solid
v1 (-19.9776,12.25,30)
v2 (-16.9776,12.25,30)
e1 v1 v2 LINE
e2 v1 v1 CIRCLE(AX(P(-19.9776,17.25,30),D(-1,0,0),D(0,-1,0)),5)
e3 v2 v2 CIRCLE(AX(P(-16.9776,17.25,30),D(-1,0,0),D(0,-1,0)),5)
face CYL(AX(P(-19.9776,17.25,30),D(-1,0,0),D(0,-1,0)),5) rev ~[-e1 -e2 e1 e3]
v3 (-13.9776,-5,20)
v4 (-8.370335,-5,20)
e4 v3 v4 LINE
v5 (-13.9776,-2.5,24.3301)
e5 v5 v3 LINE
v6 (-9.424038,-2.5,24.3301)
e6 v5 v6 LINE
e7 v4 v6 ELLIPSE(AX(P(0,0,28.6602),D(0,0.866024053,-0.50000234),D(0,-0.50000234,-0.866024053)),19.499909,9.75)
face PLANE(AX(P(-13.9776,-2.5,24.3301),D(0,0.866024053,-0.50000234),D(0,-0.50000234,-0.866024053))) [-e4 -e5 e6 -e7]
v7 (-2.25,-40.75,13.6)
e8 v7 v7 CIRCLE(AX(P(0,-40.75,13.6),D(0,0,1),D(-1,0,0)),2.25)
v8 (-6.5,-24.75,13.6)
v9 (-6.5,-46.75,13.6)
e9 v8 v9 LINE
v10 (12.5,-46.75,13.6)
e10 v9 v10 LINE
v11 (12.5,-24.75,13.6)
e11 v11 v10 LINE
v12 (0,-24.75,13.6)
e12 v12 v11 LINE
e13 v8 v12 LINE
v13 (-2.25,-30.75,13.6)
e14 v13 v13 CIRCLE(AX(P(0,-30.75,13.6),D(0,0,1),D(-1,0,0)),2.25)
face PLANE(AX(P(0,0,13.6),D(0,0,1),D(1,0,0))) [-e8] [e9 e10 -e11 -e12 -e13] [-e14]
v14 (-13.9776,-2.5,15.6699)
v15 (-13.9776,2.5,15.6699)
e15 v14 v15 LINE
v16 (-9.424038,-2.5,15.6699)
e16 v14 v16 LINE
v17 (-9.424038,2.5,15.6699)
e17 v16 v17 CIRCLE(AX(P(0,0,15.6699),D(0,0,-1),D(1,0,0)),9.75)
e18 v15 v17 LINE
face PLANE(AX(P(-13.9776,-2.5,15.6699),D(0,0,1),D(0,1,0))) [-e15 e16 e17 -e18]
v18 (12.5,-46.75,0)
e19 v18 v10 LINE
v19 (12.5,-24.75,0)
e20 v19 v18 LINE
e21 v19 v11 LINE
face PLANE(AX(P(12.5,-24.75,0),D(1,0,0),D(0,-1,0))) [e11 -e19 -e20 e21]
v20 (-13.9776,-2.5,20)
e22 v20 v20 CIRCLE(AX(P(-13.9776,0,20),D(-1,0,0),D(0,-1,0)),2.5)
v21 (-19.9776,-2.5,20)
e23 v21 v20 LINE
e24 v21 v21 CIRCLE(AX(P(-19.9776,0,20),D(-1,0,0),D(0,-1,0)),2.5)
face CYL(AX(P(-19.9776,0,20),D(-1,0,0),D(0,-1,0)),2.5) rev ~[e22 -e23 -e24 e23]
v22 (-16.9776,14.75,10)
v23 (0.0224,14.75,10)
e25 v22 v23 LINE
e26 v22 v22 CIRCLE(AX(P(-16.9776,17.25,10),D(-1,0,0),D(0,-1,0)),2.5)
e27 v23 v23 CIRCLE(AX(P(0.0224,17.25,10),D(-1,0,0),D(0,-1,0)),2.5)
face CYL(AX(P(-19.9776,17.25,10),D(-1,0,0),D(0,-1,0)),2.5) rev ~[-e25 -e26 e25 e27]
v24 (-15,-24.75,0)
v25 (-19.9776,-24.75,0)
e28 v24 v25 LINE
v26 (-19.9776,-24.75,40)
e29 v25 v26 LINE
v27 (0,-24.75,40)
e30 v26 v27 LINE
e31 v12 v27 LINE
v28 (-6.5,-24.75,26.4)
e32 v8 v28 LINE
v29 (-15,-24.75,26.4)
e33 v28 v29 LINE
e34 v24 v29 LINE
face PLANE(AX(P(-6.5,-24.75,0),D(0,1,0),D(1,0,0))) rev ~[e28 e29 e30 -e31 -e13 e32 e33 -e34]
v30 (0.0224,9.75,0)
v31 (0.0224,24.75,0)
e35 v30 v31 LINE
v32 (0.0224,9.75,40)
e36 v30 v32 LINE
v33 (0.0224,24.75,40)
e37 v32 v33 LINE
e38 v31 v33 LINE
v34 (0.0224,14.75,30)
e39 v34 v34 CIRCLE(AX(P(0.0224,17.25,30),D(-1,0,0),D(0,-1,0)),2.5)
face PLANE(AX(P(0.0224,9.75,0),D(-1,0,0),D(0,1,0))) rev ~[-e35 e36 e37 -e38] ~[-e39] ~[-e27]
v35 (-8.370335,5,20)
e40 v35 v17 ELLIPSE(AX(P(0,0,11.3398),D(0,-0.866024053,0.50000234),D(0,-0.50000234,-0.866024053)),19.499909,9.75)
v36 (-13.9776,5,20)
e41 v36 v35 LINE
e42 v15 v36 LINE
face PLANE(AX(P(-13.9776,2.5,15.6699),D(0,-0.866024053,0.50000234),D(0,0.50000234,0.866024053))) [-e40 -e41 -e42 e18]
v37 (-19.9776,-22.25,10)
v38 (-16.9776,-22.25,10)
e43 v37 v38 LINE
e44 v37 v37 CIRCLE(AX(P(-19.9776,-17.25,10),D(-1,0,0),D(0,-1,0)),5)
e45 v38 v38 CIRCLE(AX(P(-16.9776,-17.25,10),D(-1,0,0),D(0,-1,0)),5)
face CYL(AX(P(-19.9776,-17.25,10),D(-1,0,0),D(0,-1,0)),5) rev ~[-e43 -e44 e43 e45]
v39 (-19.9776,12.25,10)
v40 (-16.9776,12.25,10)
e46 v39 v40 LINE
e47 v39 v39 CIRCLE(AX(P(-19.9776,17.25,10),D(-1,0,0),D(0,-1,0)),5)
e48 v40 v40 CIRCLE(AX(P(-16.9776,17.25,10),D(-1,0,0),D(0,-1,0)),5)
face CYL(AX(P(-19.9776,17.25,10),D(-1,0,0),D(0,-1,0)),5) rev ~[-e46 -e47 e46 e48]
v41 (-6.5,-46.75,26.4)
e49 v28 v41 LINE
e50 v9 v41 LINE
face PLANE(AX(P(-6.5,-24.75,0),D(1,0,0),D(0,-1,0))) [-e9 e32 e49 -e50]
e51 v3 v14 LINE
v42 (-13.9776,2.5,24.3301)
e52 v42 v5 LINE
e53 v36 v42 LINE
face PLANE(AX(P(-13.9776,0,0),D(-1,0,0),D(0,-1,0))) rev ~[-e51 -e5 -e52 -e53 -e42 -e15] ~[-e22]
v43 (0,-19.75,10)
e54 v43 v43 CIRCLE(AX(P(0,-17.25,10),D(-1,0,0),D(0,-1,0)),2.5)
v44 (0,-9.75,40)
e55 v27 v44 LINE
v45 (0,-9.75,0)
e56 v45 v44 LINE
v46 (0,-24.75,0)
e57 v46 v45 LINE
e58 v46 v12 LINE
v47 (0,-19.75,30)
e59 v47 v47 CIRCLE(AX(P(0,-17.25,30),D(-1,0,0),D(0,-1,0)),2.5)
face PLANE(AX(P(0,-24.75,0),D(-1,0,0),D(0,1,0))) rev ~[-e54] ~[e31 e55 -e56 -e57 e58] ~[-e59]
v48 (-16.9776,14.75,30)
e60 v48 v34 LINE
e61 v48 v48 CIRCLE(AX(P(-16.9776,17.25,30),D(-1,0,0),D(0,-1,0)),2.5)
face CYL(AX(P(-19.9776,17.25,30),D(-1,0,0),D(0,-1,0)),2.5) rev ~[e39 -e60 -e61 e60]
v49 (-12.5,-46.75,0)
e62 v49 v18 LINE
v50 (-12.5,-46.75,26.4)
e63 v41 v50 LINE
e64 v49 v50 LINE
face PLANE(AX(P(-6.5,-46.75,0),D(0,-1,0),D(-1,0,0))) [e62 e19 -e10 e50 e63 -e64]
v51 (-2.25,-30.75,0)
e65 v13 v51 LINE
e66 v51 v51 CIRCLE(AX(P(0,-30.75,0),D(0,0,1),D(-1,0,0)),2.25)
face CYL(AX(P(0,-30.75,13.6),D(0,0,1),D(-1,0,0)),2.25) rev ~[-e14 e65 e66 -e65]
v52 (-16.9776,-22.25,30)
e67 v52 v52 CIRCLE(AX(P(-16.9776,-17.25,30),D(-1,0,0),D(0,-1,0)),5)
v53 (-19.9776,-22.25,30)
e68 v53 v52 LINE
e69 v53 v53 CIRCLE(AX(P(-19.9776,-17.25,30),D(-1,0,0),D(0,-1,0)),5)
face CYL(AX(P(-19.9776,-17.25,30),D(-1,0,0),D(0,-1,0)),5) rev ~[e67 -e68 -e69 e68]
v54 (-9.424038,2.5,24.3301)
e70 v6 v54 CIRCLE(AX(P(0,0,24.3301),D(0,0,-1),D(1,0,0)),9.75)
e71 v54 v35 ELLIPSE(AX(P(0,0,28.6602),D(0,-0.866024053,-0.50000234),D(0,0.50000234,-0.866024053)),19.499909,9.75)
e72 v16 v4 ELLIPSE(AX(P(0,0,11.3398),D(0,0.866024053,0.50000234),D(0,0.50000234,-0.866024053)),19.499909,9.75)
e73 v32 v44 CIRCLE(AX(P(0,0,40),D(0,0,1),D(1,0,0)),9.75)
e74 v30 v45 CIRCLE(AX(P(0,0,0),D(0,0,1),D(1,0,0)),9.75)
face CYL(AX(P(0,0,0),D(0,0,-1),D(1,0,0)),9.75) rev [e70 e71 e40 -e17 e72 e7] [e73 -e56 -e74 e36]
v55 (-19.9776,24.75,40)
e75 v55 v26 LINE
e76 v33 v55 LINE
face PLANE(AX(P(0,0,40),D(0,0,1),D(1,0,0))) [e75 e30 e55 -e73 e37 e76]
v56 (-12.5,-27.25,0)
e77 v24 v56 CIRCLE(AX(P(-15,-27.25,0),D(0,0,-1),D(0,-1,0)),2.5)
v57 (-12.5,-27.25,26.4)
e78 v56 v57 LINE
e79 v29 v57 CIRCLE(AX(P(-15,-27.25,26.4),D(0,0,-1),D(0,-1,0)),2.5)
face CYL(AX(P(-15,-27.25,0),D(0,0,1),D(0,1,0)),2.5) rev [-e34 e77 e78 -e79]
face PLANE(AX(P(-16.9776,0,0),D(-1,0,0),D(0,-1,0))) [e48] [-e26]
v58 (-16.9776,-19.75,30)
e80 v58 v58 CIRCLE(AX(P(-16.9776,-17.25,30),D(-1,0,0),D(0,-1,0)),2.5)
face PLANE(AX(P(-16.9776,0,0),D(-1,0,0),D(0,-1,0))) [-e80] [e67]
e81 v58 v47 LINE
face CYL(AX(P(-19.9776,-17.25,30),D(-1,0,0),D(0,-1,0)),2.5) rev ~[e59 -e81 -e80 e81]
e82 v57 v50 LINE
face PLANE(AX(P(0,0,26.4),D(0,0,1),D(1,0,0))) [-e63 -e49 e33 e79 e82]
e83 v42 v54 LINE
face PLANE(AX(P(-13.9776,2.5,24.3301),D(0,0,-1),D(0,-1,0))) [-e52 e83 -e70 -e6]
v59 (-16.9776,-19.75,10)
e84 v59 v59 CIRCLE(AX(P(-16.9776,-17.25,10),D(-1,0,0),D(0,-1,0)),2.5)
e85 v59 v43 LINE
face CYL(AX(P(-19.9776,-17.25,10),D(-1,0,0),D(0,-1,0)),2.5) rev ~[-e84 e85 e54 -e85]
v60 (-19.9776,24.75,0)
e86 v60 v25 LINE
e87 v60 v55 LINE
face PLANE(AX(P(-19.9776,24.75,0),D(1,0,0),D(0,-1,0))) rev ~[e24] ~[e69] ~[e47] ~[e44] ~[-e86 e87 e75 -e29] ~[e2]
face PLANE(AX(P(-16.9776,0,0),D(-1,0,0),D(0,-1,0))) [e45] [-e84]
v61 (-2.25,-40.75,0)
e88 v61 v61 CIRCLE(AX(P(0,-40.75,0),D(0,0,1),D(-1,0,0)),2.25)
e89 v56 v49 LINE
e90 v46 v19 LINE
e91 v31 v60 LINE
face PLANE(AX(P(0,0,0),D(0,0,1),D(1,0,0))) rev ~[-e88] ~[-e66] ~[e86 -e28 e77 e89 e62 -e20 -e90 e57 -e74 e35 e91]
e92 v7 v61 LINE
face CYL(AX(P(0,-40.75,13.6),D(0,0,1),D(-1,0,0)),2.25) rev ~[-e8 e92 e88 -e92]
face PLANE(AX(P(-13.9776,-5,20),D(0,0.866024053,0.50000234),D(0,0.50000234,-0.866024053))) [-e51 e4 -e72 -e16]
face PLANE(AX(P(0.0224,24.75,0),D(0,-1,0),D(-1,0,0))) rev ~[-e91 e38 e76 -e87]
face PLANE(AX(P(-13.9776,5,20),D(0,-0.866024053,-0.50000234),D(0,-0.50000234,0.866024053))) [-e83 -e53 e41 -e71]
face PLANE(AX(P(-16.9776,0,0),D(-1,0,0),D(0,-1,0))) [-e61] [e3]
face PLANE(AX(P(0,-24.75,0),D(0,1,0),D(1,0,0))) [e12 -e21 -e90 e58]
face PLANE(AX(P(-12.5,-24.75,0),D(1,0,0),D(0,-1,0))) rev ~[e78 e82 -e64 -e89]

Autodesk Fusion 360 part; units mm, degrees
sketch "Sketch1" plane through (0, 0, 0) normal (0, 0, 1) x (1, 0, 0)
  circle A0 centre (0, 0) radius 9.75
  line L0 (0.0224, 9.75) -> (0.0224, 24.75)
  line L1 (0.0224, 24.75) -> (-19.9776, 24.75)
  line L2 (-19.9776, 24.75) -> (-19.9776, -24.75)
  line L3 (-19.9776, -24.75) -> (0, -24.75)
  line L4 (0, -24.75) -> (0, -9.75)
  line L5 (0, -24.75) -> (6.5, -24.75) construction
  line L6 (0, -24.75) -> (-6.5, -24.75) construction
  line L7 (-6.5, -24.75) -> (-6.5, -46.75)
  line L8 (-6.5, -46.75) -> (12.5, -46.75)
  line L9 (12.5, -46.75) -> (12.5, -25)
  line L10 (-6.5, -24.75) -> (-12.5, -24.75)
  line L11 (-12.5, -24.75) -> (-12.5, -46.75)
  line L12 (0, -24.75) -> (12.5, -24.75)
  line L13 (12.5, -24.75) -> (12.5, -25)
  line L14 (-6.5, -46.75) -> (-12.5, -46.75)
  dimension "d1" = 19.5
  dimension "d2" = 15
  dimension "d3" = 20
  dimension "d4" = 49.5
  dimension "d5" = 6.5
  dimension "d6" = 6.5
  dimension "d7" = 22
  dimension "d8" = 19
  dimension "d9" = 6
extrude "Extrude1" add sketch "Sketch1" along normal blind 40 contours A0 L0 L1 L2 L3 L4 L10
extrude "Extrude2" add sketch "Sketch1" along normal blind 13.6 contours L3 L7 L8 L9 L12 L13
extrude "Extrude3" add sketch "Sketch1" along normal blind 26.4 contours L3 L7 L10 L11 L14
sketch "Sketch2" plane through (-19.9776, 0, 0) normal (-1, 0, 0) x (0, -1, 0)
  line L0 (-24.75, 0) -> (24.75, 0)
  line L1 (24.75, 0) -> (24.75, 40)
  line L2 (24.75, 40) -> (-24.75, 40)
  line L3 (-24.75, 40) -> (-24.75, 0)
  line L4 (0, 40) -> (-9.75, 40) construction
  line L5 (-24.75, 40) -> (-17.25, 40) construction
  line L6 (-17.25, 40) -> (-17.25, 30) construction
  circle A0 centre (-17.25, 30) radius 2.5
  circle A1 centre (17.25, 30) radius 2.5
  circle A2 centre (-17.25, 10) radius 2.5
  circle A3 centre (17.25, 10) radius 2.5
  dimension "d16" = 9.75
  dimension "d17" = 7.5
  dimension "d18" = 10
  dimension "d20" = 5
  dimension "d23" = 34.5
  dimension "d24" = -20
extrude "Extrude4" cut sketch "Sketch2" against normal blind 30 contours A0 | A1 | A2 | A3
sketch "Sketch3" plane through (0, 0, 13.6) normal (0, 0, 1) x (-1, 0, 0)
  line L0 (6.5, 24.75) -> (6.5, 46.75)
  line L1 (6.5, 46.75) -> (-12.5, 46.75)
  line L2 (-12.5, 46.75) -> (-12.5, 25)
  line L3 (0, 24.75) -> (6.5, 24.75)
  line L4 (-12.5, 25) -> (-12.5, 24.75)
  line L5 (-12.5, 24.75) -> (0, 24.75)
  line L6 (0, 24.75) -> (0, 30.75) construction
  circle A0 centre (0, 30.75) radius 2.25
  circle A1 centre (0, 40.75) radius 2.25
  dimension "d28" = 6
  dimension "d29" = 4.5
  dimension "d32" = 0
  dimension "d33" = 10
extrude "Extrude5" cut sketch "Sketch3" against normal blind 14 contours A0 | A1
sketch "Sketch4" plane through (-19.9776, 0, 0) normal (-1, 0, 0) x (0, -1, 0)
  circle A0 centre (17.25, 30) radius 2.5
  circle A1 centre (17.25, 10) radius 2.5
  circle A2 centre (-17.25, 30) radius 2.5
  circle A3 centre (-17.25, 10) radius 2.5
  line L0 (-24.75, 0) -> (24.75, 0)
  line L1 (24.75, 0) -> (24.75, 40)
  line L2 (24.75, 40) -> (-24.75, 40)
  line L3 (-24.75, 40) -> (-24.75, 0)
  line L4 (0, 40) -> (0, 0) construction
  circle A4 centre (0, 20) radius 2.5
  dimension "d36" = 5
extrude "Extrude6" cut sketch "Sketch4" against normal blind 20 contours A4
sketch "Sketch5" plane through (-19.9776, 0, 0) normal (-1, 0, 0) x (0, -1, 0)
  circle A0 centre (0, 20) radius 2.5
  circle A1 centre (17.25, 30) radius 2.5
  circle A2 centre (17.25, 10) radius 2.5
  circle A3 centre (-17.25, 30) radius 2.5
  circle A4 centre (-17.25, 10) radius 2.5
  line L0 (-24.75, 0) -> (24.75, 0)
  line L1 (24.75, 0) -> (24.75, 40)
  line L2 (24.75, 40) -> (-24.75, 40)
  line L3 (-24.75, 40) -> (-24.75, 0)
  line L4 (0, 20) -> (2.5, 24.3301) construction
  line L5 (0, 20) -> (5, 20) construction
  line L6 (0, 20) -> (-2.5, 24.3301) construction
  line L7 (0, 20) -> (5, 20) construction
  line L8 (0, 20) -> (-5, 20) construction
  line L9 (0, 20) -> (2.5, 15.6699) construction
  line L10 (-2.5, 15.6699) -> (0, 20) construction
  line L11 (5, 20) -> (2.5, 15.6699)
  line L12 (2.5, 15.6699) -> (-2.5, 15.6699)
  line L13 (-2.5, 15.6699) -> (-5, 20)
  line L14 (-5, 20) -> (-2.5, 24.3301)
  line L15 (-2.5, 24.3301) -> (2.5, 24.3301)
  line L16 (2.5, 24.3301) -> (5, 20)
  dimension "d40" = 60
  dimension "d41" = 5
  dimension "d42" = 120
  dimension "d43" = 5
  dimension "d44" = 5
  dimension "d45" = 5
extrude "Extrude7" cut sketch "Sketch5" against normal blind 7 from surface at -6 contours L11 L12 L13 L14 L15 L16
sketch "Sketch6" plane through (-19.9776, 0, 0) normal (-1, 0, 0) x (0, -1, 0)
  circle A0 centre (0, 20) radius 2.5
  circle A1 centre (17.25, 30) radius 2.5
  circle A2 centre (17.25, 10) radius 2.5
  circle A3 centre (-17.25, 30) radius 2.5
  circle A4 centre (-17.25, 10) radius 2.5
  line L0 (-24.75, 0) -> (24.75, 0)
  line L1 (24.75, 0) -> (24.75, 40)
  line L2 (24.75, 40) -> (-24.75, 40)
  line L3 (-24.75, 40) -> (-24.75, 0)
  circle A5 centre (-17.25, 30) radius 5
  circle A6 centre (17.25, 30) radius 5
  circle A7 centre (-17.25, 10) radius 5
  circle A8 centre (17.25, 10) radius 5
  dimension "d49" = 10
  dimension "d52" = 34.5
  dimension "d53" = -20
extrude "Extrude8" cut sketch "Sketch6" against normal blind 3 contours A5 | A6 | A7 | A8
fillet "Fillet1" radius 2.5 1 edges at (-12.5, -24.75, 13.2)
